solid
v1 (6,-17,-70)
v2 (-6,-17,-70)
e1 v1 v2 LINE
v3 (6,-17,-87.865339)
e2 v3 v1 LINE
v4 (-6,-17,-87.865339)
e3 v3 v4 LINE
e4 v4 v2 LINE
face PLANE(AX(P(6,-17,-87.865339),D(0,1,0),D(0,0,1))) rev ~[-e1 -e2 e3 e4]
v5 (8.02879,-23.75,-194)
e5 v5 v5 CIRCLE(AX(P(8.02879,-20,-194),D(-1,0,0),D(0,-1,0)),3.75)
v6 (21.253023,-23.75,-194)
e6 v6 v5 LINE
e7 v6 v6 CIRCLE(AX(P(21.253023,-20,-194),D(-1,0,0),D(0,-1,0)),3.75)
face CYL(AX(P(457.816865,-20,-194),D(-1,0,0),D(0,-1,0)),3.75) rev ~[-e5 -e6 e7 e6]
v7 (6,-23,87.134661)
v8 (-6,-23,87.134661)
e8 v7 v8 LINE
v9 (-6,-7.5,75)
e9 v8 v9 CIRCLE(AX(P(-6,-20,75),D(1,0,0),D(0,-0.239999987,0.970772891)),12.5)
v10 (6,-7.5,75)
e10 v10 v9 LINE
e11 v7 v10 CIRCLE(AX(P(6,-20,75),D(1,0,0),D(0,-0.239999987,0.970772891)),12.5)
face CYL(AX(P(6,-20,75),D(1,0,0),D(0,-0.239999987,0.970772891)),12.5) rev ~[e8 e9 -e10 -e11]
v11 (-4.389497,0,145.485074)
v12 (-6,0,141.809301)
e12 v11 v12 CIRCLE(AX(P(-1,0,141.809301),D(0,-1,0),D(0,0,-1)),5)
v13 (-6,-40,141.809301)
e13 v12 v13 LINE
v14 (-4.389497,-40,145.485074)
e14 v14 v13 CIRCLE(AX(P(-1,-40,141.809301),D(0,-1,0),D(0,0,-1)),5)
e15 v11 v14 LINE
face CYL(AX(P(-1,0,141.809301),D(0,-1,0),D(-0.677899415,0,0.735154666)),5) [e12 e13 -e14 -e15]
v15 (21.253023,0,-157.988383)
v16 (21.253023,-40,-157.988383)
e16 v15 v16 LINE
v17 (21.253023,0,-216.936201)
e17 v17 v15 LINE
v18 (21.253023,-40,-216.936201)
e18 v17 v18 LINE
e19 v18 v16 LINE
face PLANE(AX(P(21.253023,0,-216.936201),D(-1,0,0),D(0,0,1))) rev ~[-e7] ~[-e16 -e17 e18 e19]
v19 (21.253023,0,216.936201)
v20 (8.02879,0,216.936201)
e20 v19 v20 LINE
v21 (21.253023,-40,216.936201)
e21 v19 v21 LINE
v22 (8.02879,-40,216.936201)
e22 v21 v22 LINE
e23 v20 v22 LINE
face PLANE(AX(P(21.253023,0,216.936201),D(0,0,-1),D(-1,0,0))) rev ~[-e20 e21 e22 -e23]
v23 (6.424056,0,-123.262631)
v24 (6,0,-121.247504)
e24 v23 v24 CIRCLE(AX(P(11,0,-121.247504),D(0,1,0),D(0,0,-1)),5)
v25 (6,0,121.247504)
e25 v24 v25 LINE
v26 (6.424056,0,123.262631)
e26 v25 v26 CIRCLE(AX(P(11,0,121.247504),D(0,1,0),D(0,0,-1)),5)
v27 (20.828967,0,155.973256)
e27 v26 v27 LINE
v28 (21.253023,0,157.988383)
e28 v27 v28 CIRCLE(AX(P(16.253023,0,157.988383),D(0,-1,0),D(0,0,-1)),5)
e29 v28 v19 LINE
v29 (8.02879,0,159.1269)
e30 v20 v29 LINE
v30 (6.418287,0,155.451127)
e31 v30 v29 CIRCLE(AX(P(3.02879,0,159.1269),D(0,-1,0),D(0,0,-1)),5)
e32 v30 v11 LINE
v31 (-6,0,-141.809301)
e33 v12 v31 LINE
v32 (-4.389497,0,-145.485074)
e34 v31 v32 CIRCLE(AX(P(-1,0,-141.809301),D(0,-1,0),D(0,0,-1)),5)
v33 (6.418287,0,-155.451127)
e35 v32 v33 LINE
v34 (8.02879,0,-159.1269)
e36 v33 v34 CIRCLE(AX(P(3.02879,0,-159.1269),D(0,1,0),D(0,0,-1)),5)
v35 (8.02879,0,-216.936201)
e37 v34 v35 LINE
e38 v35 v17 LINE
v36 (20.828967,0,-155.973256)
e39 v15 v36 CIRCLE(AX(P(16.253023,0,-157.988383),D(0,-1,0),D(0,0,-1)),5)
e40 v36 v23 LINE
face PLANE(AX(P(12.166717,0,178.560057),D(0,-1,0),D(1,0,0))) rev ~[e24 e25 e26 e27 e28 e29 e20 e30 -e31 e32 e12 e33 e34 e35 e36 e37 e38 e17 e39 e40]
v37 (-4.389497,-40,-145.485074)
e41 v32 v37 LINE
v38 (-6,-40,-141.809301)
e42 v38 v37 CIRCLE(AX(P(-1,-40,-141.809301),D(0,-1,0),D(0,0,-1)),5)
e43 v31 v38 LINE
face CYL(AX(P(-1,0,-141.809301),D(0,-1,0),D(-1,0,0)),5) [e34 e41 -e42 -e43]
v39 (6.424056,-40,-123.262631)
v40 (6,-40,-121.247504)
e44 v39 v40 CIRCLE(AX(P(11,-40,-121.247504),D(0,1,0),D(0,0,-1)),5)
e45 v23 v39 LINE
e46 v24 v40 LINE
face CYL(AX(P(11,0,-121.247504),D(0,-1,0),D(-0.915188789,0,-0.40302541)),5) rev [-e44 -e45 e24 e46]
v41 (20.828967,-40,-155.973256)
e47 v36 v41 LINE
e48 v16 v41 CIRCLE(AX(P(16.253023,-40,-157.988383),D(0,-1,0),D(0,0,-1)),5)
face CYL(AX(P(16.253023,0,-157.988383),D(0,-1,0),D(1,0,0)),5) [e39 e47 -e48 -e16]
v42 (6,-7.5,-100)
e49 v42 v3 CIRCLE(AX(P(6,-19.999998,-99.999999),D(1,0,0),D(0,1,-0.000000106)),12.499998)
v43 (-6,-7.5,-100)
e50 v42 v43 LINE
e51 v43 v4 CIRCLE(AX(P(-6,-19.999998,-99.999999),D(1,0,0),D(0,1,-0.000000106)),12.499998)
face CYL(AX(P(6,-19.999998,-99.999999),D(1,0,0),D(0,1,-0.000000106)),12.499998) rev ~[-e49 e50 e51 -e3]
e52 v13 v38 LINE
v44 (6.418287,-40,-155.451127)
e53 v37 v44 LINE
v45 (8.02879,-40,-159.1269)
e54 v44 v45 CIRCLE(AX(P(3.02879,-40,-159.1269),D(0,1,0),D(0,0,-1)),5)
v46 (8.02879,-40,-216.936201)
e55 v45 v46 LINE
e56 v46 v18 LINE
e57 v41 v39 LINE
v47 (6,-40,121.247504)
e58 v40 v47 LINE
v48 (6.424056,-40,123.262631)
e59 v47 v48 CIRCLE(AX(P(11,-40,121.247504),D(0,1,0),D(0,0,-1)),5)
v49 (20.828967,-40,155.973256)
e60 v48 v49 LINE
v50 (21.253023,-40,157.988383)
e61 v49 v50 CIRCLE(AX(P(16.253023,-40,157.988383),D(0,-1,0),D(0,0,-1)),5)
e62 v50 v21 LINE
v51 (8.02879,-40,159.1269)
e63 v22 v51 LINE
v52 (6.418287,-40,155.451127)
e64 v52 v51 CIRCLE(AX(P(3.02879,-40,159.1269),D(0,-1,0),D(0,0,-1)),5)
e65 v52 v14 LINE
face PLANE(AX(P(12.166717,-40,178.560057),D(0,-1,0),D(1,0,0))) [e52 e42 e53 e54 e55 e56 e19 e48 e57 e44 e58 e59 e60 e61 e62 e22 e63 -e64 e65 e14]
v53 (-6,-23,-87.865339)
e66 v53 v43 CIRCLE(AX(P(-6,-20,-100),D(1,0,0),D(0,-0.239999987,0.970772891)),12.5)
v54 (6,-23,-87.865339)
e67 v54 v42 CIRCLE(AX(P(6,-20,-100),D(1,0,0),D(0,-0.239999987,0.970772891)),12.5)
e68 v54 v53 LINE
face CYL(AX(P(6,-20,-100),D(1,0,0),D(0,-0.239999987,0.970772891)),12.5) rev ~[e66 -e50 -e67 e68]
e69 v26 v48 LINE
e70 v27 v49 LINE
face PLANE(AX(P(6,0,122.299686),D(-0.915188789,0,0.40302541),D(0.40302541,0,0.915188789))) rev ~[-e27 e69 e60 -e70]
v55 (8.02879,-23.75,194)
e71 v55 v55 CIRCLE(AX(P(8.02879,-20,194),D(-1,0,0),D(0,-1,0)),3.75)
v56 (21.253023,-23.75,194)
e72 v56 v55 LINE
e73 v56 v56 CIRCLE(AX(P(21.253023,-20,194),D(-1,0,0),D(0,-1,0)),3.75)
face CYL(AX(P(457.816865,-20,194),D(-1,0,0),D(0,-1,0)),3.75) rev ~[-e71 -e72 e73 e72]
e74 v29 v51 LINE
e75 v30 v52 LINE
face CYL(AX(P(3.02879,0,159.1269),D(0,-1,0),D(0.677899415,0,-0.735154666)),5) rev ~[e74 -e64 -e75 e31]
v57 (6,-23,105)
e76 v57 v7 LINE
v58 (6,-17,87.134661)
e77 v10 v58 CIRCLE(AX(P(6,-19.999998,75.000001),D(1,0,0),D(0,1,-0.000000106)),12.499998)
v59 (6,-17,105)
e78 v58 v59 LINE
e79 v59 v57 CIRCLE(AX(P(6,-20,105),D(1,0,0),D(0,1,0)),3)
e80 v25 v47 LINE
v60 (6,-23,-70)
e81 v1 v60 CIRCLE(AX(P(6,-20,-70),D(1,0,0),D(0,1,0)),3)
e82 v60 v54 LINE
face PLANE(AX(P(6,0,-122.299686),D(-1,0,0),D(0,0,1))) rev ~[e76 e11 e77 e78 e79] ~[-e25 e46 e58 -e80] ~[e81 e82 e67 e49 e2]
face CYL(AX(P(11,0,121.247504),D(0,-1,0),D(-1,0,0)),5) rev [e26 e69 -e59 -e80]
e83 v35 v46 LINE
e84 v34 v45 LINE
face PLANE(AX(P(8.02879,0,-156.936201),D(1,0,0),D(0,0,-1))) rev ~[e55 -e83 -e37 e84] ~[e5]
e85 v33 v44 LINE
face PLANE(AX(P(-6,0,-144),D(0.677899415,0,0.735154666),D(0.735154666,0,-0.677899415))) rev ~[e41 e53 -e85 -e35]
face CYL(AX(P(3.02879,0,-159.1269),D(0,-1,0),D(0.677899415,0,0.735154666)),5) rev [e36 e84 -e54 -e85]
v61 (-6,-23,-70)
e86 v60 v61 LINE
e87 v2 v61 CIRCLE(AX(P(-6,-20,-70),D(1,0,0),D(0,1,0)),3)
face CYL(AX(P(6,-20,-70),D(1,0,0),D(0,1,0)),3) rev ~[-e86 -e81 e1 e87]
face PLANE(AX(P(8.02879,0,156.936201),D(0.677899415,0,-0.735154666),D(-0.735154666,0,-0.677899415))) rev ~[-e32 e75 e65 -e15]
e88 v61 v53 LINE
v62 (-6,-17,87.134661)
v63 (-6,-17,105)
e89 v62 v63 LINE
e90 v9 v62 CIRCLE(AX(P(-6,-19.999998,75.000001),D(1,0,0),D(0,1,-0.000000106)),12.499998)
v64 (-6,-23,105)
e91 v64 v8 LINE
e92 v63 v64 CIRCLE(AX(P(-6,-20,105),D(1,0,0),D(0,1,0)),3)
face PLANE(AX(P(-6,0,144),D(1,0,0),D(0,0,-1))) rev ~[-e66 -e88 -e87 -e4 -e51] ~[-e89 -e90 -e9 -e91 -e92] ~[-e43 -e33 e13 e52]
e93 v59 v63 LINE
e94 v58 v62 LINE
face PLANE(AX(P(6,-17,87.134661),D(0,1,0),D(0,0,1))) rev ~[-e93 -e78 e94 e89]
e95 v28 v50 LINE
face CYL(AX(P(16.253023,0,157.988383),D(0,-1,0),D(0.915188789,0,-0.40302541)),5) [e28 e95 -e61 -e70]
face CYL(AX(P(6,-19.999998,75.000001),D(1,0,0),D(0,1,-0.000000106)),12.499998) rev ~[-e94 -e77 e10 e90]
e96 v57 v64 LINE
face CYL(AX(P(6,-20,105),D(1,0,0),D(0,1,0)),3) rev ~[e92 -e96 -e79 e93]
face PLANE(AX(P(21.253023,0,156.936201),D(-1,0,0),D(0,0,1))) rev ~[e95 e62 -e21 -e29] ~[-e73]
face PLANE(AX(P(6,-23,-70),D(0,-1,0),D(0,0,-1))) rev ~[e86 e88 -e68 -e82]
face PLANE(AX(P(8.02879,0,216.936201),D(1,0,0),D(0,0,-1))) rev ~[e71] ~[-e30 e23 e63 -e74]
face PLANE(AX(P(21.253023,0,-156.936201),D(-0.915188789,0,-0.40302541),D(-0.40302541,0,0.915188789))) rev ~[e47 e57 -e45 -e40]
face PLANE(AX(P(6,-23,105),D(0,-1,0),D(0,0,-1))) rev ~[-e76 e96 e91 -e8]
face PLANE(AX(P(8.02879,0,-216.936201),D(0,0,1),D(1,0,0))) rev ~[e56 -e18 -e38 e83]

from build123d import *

# Parameters (mm, degrees)
F1_DEPTH = 40
F2_R     = 5
F3_R     = 5
F5_D     = 7.5
F7_DEPTH = 12


with BuildPart() as f1:
    # F0 (on Front) → F1 (new body)
    with BuildSketch(Plane.XZ):
        Polygon((8.02879, 156.936201), (-6, 144), (6, 144), (21.253023, 156.936201), (21.253023, 216.936201), (8.02879, 216.936201), align=None)
        Polygon((6, 144), (-6, 144), (-6, -144), (6, -144), (6, -122.299686), (6, 122.299686), align=None)
        Polygon((21.253023, 156.936201), (6, 144), (6, 122.299686), align=None)
        Polygon((6, -144), (-6, -144), (8.02879, -156.936201), (8.02879, -216.936201), (21.253023, -216.936201), (21.253023, -156.936201), align=None)
        Polygon((6, -122.299686), (6, -144), (21.253023, -156.936201), align=None)
    extrude(amount=F1_DEPTH)

    # F2
    f2_edges = [f1.edges().sort_by_distance(p)[0] for p in [
        (6, -20, -122.299686),
        (21.253023, -20, -156.936201),
        (8.02879, -20, -156.936201),
        (-6, -20, -144),
        (-6, -20, 144),
        (6, -20, 122.299686),
        (21.253023, -20, 156.936201),
    ]]
    fillet(f2_edges, radius=F2_R)

    # F3
    f3_edges = [f1.edges().sort_by_distance(p)[0] for p in [
        (8.02879, -20, 156.936201),
    ]]
    fillet(f3_edges, radius=F3_R)

    # F5 (through all)
    with Locations(Plane.YZ.offset(21.253023)):
        with Locations((-20, 194), (-20, -194)):
            Hole(F5_D / 2)

    # F6 (on face) → F7 (cut)
    with BuildSketch(Plane.YZ.offset(6)):
        with BuildLine():
            Line((-17, -100), (-17, -87.865339))
            ThreePointArc((-17, -87.865339), (-18.488918, -87.591671), (-20, -87.5))
            ThreePointArc((-20, -87.5), (-21.511082, -87.591671), (-23, -87.865339))
            Line((-23, -87.865339), (-23, -100))
            ThreePointArc((-23, -100), (-20, -103), (-17, -100))
        make_face()
        with BuildLine():
            ThreePointArc((-23, -87.865339), (-27.705518, -109.84251), (-7.5, -100))
            ThreePointArc((-7.5, -100), (-10.15749, -92.294482), (-17, -87.865339))
            Line((-17, -87.865339), (-17, -100))
            ThreePointArc((-17, -100), (-20, -103), (-23, -100))
            Line((-23, -100), (-23, -87.865339))
        make_face()
        with BuildLine():
            ThreePointArc((-23, 87.134661), (-27.705518, 65.15749), (-7.5, 75))
            ThreePointArc((-7.5, 75), (-10.15749, 82.705518), (-17, 87.134661))
            Line((-17, 87.134661), (-17, 75))
            ThreePointArc((-17, 75), (-20, 72), (-23, 75))
            Line((-23, 75), (-23, 87.134661))
        make_face()
        with BuildLine():
            Line((-17, 75), (-17, 87.134661))
            ThreePointArc((-17, 87.134661), (-18.488918, 87.408329), (-20, 87.5))
            ThreePointArc((-20, 87.5), (-21.511082, 87.408329), (-23, 87.134661))
            Line((-23, 87.134661), (-23, 75))
            ThreePointArc((-23, 75), (-20, 72), (-17, 75))
        make_face()
        with BuildLine():
            ThreePointArc((-20, 87.5), (-18.488918, 87.408329), (-17, 87.134661))
            Line((-17, 87.134661), (-17, 105))
            ThreePointArc((-17, 105), (-20, 108), (-23, 105))
            Line((-23, 105), (-23, 87.134661))
            ThreePointArc((-23, 87.134661), (-21.511082, 87.408329), (-20, 87.5))
        make_face()
        with BuildLine():
            ThreePointArc((-20, -87.5), (-18.488918, -87.591671), (-17, -87.865339))
            Line((-17, -87.865339), (-17, -70))
            ThreePointArc((-17, -70), (-20, -67), (-23, -70))
            Line((-23, -70), (-23, -87.865339))
            ThreePointArc((-23, -87.865339), (-21.511082, -87.591671), (-20, -87.5))
        make_face()
    extrude(amount=-F7_DEPTH, mode=Mode.SUBTRACT)


solid = f1.part
